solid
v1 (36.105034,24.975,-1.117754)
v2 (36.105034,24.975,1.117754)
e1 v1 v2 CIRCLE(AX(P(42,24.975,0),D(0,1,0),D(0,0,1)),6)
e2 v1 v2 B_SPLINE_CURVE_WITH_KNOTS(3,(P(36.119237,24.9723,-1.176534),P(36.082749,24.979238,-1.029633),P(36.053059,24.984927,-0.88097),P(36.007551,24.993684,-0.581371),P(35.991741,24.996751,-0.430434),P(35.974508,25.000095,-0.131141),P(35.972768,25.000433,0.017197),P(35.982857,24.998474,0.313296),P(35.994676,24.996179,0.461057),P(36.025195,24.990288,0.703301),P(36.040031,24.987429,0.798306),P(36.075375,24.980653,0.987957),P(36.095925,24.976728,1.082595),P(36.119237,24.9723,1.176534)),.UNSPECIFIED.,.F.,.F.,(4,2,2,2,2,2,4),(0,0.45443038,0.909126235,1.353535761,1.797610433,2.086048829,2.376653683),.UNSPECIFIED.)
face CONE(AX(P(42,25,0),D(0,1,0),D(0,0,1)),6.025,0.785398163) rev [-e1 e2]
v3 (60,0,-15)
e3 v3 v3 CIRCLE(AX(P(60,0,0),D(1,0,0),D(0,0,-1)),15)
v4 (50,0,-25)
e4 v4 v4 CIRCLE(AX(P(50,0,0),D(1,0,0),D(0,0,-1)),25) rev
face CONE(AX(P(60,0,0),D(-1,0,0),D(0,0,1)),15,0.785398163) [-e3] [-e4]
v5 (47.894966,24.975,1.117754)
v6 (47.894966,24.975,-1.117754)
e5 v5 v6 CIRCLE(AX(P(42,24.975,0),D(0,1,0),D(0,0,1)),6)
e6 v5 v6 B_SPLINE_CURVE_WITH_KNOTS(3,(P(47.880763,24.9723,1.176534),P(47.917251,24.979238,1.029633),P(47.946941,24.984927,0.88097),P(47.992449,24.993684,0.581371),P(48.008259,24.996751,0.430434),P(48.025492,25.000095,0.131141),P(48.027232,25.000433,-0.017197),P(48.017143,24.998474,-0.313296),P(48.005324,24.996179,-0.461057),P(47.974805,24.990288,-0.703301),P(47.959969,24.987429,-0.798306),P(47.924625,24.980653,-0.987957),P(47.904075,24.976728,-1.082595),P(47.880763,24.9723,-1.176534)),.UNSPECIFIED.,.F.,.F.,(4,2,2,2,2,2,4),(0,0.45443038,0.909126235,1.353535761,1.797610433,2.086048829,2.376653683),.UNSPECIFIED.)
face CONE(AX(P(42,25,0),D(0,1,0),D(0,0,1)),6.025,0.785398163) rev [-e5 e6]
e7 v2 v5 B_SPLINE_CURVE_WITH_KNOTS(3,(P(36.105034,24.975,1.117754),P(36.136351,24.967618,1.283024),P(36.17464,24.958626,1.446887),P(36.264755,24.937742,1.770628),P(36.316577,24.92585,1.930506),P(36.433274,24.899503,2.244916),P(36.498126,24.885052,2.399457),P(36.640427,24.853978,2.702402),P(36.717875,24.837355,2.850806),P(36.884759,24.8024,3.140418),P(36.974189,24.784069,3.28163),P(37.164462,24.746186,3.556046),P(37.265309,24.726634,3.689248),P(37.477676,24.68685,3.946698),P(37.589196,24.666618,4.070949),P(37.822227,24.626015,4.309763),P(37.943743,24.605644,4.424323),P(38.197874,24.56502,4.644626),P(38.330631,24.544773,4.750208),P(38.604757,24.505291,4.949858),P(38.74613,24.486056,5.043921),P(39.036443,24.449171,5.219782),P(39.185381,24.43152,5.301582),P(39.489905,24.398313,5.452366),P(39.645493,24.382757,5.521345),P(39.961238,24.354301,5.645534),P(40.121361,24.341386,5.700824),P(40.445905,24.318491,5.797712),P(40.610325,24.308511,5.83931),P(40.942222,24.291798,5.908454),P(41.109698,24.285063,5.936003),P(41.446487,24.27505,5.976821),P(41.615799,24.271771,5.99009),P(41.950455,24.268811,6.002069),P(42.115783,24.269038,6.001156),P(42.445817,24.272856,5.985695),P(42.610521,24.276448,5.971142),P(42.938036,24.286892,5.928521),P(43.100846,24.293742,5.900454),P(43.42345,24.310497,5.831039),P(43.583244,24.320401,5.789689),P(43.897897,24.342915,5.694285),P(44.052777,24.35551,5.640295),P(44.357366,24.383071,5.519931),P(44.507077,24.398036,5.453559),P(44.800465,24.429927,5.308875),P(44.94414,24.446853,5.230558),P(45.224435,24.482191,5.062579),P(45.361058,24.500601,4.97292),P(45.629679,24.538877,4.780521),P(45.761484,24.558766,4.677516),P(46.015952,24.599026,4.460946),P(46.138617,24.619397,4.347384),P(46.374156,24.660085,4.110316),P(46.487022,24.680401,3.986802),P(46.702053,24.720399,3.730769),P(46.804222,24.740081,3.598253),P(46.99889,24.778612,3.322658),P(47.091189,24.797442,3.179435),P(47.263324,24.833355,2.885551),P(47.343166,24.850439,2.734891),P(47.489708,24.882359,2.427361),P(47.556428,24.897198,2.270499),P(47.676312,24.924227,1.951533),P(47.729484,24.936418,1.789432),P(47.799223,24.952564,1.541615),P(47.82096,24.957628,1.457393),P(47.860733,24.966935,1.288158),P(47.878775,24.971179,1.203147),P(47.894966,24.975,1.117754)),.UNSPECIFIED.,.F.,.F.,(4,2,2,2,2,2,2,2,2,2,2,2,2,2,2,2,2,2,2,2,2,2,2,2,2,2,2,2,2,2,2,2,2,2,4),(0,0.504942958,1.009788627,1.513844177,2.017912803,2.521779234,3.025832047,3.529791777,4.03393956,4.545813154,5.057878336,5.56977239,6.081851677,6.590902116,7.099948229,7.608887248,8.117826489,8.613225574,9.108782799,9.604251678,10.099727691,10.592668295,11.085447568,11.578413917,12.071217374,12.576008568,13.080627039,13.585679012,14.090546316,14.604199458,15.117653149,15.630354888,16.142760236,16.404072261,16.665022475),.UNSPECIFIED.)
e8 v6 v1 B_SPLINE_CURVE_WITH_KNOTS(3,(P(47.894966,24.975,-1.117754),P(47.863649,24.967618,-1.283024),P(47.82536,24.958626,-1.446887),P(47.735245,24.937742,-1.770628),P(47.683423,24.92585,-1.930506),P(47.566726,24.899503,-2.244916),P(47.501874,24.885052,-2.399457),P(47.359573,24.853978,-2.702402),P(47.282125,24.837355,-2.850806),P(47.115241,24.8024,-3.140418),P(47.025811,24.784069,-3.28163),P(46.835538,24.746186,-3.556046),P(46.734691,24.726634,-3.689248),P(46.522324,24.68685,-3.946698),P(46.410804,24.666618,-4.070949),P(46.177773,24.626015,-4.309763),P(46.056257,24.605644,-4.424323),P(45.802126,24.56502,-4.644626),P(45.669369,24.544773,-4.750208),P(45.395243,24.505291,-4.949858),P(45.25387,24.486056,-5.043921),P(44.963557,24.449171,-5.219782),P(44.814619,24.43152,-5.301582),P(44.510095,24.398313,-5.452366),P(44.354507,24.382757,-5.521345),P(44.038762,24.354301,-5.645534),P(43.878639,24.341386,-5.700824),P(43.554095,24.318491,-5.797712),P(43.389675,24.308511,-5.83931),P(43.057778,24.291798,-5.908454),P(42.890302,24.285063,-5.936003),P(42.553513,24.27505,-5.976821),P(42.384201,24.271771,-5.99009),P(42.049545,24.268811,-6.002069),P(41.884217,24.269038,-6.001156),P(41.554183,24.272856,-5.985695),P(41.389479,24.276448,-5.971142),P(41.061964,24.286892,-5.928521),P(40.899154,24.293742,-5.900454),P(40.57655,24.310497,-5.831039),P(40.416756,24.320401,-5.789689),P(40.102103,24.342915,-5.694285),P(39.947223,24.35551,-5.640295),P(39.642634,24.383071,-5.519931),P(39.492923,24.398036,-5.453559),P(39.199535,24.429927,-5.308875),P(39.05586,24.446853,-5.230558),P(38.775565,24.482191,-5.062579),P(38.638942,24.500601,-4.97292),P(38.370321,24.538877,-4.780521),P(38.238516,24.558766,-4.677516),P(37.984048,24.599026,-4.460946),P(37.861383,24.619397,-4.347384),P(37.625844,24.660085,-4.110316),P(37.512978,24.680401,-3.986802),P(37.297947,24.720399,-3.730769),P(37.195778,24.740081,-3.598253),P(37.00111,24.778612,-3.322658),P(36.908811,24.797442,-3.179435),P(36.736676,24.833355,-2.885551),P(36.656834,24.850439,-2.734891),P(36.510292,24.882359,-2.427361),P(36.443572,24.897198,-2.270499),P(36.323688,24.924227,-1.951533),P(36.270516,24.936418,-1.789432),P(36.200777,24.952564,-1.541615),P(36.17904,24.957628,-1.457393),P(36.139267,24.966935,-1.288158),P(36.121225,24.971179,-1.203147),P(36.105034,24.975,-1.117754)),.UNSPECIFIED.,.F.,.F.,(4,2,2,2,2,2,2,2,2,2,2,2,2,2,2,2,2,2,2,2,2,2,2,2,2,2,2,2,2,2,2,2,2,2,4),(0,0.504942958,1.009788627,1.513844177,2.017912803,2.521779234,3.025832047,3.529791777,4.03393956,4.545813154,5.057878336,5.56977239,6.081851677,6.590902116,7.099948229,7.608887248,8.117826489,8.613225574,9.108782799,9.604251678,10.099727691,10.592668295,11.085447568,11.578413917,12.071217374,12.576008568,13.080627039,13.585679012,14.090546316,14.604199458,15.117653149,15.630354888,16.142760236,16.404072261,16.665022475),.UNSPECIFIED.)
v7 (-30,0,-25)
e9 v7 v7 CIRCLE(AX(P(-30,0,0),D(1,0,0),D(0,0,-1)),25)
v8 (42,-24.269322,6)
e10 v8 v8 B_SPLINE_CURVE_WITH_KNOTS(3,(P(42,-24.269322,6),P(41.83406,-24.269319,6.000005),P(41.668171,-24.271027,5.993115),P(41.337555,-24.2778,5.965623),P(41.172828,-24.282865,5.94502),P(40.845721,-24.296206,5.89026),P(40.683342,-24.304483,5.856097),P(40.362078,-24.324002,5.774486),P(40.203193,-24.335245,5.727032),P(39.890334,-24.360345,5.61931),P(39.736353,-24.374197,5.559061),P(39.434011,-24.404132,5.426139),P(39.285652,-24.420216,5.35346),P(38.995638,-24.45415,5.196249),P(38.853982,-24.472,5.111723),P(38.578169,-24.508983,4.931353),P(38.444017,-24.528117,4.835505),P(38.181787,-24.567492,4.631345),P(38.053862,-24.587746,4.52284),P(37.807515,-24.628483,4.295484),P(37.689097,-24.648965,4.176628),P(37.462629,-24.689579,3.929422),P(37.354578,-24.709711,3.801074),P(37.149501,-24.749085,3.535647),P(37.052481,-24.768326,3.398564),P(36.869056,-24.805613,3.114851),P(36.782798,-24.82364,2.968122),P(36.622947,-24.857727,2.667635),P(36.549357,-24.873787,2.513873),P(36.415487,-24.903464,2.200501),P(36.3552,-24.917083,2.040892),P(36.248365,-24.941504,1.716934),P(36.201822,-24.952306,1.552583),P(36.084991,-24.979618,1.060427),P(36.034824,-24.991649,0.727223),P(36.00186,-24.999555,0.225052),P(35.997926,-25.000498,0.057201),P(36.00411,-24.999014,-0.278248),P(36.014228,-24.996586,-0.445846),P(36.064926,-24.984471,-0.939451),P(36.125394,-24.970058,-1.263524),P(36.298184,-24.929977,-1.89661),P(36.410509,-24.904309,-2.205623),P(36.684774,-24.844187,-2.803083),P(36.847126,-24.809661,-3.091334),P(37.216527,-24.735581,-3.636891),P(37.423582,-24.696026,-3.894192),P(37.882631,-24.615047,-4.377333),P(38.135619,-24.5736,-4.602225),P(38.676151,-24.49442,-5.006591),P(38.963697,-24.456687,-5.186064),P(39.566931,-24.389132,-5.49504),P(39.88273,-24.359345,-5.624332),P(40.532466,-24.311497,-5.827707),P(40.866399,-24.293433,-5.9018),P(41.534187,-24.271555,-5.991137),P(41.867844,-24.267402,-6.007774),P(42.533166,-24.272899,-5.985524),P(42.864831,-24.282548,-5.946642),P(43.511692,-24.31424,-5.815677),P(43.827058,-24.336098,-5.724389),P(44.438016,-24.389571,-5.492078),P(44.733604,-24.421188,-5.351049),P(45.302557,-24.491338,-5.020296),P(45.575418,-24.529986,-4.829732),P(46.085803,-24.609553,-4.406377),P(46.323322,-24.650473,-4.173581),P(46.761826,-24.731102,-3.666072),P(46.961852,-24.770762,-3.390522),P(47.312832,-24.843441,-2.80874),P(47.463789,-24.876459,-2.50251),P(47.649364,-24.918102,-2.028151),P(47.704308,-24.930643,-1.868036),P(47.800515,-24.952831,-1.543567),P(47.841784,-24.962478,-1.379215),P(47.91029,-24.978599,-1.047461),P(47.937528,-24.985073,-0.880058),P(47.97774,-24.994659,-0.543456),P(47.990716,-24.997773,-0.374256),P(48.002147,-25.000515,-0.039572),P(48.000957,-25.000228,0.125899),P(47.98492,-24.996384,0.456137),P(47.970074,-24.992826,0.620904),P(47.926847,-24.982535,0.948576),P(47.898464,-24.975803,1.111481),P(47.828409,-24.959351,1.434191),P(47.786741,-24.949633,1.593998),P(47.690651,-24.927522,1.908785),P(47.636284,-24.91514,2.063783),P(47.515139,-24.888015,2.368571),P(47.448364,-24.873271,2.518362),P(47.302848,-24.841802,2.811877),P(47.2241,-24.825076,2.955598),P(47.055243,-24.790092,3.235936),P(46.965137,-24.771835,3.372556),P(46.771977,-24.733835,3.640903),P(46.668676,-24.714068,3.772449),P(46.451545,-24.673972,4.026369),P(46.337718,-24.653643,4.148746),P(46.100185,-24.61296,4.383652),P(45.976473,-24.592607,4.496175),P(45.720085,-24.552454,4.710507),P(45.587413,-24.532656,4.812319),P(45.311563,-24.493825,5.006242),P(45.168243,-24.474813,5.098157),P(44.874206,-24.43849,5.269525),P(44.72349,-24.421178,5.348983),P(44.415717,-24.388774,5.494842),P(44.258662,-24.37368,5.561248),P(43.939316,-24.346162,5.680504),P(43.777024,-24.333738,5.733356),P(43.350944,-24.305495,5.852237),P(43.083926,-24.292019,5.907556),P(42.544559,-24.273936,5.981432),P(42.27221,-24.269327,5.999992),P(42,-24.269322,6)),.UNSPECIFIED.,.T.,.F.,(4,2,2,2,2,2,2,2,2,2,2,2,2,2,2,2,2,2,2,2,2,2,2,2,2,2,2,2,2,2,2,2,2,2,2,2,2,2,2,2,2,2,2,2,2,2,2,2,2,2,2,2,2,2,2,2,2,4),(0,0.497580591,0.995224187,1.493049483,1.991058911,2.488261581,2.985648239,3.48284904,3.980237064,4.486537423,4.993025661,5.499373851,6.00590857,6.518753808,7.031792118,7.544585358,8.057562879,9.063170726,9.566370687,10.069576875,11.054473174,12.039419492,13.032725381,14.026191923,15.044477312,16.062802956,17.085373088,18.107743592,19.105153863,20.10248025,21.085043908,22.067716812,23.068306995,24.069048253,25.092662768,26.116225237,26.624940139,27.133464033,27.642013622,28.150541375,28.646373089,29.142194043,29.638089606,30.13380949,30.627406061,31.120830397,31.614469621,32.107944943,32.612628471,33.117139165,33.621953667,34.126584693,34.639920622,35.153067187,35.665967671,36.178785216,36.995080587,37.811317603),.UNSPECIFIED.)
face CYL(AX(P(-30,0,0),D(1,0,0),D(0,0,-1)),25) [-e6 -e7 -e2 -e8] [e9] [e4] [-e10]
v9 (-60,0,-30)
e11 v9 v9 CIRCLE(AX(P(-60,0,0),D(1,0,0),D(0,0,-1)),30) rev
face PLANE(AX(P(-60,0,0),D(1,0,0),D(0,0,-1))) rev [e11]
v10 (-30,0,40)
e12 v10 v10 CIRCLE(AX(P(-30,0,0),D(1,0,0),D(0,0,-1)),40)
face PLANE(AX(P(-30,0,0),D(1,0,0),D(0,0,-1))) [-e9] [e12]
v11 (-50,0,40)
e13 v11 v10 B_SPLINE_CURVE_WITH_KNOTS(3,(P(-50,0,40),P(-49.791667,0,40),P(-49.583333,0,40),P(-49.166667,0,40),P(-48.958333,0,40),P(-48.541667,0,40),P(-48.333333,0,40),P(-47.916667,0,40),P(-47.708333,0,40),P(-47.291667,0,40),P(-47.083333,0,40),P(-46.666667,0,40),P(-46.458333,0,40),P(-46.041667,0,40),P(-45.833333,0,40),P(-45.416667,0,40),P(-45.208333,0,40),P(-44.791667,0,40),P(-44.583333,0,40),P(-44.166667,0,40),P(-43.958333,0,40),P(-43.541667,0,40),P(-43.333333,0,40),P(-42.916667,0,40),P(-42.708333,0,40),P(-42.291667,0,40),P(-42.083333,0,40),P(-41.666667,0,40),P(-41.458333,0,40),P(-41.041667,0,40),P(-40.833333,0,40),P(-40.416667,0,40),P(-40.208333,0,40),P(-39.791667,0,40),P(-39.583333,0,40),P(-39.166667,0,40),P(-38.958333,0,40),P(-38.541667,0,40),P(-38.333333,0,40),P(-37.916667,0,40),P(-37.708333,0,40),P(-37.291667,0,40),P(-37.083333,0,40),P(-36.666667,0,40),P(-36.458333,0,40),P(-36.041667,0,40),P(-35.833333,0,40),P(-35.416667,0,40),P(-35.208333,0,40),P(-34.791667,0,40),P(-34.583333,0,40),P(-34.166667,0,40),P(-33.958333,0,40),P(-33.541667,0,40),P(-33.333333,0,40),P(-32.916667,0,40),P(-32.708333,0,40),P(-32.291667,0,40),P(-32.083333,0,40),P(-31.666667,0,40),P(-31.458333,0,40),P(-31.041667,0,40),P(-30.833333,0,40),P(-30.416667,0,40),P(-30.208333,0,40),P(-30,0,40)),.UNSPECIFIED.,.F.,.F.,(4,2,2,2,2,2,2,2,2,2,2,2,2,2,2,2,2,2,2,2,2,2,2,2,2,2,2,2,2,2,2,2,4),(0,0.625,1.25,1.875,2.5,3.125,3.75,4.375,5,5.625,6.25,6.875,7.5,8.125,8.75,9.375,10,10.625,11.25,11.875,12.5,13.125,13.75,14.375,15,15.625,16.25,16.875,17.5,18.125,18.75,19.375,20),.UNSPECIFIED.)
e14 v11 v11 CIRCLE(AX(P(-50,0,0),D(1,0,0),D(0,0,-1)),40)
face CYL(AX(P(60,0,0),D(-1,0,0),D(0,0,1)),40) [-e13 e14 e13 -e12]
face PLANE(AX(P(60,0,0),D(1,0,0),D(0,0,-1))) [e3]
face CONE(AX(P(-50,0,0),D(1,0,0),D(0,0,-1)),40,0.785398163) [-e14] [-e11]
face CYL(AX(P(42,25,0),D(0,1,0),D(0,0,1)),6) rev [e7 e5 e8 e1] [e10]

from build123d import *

# Parameters (mm, degrees)
SKETCH2_R                            = 40
BOSS_EXTRUDE1_DEPTH                  = 60
SKETCH3_R                            = 40
SKETCH3_R_2                          = 25
CUT_EXTRUDE1_DEPTH                   = 90
CHAMFER1_SIZE                        = 10
F_12_0_12_DIAMETER_HOLE1_D           = 12
F_12_0_12_DIAMETER_HOLE1_CSINK_D     = 12.05
F_12_0_12_DIAMETER_HOLE1_CSINK_ANGLE = 90


with BuildPart() as part:
    # Sketch2 → Boss-Extrude1 (new, symmetric)
    with BuildSketch(Plane.YZ):
        with Locations(Location((0, 0, 0), (0, 0, 90))):
            Circle(SKETCH2_R)
    extrude(amount=BOSS_EXTRUDE1_DEPTH, both=True)

    # Sketch3 → Cut-Extrude1 (cut)
    with BuildSketch(Plane.YZ.offset(60)):
        with Locations(Location((0, 0, 0), (0, 0, 90))):
            Circle(SKETCH3_R)
        with Locations(Location((0, 0, 0), (0, 0, 270))):
            Circle(SKETCH3_R_2, mode=Mode.SUBTRACT)
    extrude(amount=-CUT_EXTRUDE1_DEPTH, mode=Mode.SUBTRACT)

    # Chamfer1
    chamfer1_edges = [part.edges().sort_by_distance(p)[0] for p in [
        (-60, 0, -40),
        (60, 0, 25),
    ]]
    chamfer(chamfer1_edges, length=CHAMFER1_SIZE)

    # Ø12.0 (12) Diameter Hole1 (through all)
    with Locations(Plane(origin=(0, 25, 0), x_dir=(1, 0, 0), z_dir=(0, 1, 0))):
        with Locations((42, 0)):
            CounterSinkHole(F_12_0_12_DIAMETER_HOLE1_D / 2, F_12_0_12_DIAMETER_HOLE1_CSINK_D / 2, counter_sink_angle=F_12_0_12_DIAMETER_HOLE1_CSINK_ANGLE)


solid = part.part
